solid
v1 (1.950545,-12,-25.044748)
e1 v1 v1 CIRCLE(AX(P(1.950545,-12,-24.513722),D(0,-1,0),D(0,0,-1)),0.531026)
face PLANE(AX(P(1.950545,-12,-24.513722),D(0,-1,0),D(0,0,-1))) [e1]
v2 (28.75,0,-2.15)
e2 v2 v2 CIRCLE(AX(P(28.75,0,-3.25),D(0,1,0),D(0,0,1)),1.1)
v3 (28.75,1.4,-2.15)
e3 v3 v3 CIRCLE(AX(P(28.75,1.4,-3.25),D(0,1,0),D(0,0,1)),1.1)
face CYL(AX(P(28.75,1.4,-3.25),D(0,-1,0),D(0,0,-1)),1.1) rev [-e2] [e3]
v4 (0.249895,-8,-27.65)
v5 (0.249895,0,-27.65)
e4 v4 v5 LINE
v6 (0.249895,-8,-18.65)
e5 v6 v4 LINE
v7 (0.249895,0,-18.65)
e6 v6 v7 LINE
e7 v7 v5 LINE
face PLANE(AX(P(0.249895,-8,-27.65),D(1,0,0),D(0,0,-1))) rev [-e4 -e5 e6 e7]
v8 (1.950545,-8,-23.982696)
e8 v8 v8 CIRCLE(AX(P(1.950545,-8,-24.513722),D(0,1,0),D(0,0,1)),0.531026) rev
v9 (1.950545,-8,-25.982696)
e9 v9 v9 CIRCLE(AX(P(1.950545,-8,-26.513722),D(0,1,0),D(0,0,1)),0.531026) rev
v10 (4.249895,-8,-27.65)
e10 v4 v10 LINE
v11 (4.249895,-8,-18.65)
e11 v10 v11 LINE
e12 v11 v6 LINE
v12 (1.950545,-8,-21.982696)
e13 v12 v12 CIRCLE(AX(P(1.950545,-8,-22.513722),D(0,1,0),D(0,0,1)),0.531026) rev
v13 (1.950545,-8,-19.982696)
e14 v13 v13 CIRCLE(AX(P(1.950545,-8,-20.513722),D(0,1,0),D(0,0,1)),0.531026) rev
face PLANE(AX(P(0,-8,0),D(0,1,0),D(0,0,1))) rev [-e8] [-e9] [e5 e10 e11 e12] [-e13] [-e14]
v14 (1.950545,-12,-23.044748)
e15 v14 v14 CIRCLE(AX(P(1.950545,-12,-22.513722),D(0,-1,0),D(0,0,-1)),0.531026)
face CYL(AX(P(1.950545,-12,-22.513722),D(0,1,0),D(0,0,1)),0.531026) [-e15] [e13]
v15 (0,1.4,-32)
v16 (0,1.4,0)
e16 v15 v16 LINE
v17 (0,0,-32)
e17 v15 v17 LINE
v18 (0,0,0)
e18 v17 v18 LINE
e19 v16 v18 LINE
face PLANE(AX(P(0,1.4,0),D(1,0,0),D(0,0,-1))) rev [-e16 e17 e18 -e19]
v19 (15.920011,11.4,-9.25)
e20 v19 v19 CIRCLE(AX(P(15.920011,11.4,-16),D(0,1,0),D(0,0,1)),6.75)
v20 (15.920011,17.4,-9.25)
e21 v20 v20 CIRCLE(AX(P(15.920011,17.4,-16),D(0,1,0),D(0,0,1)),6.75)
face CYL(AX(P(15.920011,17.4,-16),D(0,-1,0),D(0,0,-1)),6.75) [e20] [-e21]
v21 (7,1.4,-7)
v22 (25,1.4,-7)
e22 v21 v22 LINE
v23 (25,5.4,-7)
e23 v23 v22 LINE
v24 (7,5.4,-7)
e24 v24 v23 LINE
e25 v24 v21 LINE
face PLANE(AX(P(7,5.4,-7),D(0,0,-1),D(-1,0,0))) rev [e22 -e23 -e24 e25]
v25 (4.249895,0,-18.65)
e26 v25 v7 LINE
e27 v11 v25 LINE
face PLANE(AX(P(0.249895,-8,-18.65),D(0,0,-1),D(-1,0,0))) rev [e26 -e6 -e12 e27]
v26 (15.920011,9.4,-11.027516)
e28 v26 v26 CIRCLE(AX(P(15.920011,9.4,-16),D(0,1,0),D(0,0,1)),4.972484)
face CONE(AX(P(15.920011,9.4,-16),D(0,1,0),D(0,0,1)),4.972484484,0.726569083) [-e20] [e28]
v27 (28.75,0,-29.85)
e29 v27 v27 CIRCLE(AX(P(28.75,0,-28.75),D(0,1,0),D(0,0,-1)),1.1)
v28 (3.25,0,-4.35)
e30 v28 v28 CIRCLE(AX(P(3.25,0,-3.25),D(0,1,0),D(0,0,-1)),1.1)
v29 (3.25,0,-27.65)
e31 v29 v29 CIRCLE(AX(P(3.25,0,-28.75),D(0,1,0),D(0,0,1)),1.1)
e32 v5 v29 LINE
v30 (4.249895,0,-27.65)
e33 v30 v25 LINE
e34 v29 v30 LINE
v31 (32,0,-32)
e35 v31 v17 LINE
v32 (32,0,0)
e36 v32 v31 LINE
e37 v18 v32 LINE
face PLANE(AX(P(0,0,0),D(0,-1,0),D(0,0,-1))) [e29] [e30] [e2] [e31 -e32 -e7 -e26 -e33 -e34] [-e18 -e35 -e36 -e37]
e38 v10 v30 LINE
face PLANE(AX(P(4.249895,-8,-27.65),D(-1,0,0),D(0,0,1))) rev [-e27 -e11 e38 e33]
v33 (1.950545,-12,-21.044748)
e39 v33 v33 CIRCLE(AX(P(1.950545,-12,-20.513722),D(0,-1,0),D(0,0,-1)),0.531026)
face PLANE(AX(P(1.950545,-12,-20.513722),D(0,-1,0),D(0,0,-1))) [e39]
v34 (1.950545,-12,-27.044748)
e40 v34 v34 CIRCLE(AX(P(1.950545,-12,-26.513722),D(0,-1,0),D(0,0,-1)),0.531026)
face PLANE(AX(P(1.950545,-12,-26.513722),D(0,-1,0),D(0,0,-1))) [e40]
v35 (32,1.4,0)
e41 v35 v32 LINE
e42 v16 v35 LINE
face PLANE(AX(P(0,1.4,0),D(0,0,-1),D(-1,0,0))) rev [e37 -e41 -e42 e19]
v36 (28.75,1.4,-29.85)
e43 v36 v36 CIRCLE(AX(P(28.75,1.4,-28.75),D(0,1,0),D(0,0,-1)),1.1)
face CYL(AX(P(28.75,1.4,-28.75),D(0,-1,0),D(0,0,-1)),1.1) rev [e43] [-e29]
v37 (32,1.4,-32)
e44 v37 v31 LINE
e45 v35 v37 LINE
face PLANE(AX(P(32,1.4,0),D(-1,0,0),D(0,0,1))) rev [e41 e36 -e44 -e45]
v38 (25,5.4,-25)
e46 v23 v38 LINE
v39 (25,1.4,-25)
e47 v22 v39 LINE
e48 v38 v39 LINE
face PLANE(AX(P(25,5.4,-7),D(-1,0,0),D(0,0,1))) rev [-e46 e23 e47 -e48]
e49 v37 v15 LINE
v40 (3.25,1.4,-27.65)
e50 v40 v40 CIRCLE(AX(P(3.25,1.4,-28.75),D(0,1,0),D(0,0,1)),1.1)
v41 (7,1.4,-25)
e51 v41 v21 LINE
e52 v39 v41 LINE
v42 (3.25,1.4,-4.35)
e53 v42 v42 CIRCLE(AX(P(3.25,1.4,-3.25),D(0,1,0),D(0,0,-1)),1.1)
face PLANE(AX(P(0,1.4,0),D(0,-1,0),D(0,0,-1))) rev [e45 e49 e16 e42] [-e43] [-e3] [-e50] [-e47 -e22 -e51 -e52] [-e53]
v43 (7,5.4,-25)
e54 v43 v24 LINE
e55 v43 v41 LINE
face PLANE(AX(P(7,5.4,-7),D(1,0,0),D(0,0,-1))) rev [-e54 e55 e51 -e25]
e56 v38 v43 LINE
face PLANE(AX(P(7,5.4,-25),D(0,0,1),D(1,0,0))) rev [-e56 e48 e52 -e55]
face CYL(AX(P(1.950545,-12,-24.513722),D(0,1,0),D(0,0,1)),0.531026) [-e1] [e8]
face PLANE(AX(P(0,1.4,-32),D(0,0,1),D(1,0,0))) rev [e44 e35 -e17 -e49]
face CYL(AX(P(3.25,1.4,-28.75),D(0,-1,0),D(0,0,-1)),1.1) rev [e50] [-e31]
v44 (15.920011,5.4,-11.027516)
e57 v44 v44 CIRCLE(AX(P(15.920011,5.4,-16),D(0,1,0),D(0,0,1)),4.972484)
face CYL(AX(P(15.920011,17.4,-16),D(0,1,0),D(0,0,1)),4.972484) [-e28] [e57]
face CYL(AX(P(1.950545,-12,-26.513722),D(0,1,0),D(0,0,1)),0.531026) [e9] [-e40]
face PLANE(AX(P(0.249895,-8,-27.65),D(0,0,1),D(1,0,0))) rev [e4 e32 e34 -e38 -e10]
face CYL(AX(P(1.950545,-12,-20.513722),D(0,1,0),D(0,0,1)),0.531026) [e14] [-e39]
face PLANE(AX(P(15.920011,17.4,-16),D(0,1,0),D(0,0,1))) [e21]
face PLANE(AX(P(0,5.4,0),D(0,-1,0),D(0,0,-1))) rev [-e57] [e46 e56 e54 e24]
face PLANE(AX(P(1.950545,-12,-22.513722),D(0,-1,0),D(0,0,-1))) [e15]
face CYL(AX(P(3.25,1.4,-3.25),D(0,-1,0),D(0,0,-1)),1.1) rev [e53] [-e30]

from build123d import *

# Parameters (mm, degrees)
SKETCH_1_W      = 32
SKETCH_1_H      = 32
SKETCH_1_R      = 1.1
EXTRUDE_1_DEPTH = 1.4
SKETCH_2_W      = 18
SKETCH_2_H      = 18
EXTRUDE_2_DEPTH = 4
SKETCH_3_R      = 6.75
EXTRUDE_3_DEPTH = 12
SKETCH_5_W      = 4
SKETCH_5_H      = 9
EXTRUDE_4_DEPTH = 8
SKETCH_6_R      = 0.531026099
EXTRUDE_5_DEPTH = 4


with BuildPart() as part:
    # 草图1 → 凸台-拉伸1 (new body)
    with BuildSketch(Plane(origin=(0, 0, 0), x_dir=(1, 0, 0), z_dir=(0, 1, 0))):
        with Locations((16, 16)):
            Rectangle(SKETCH_1_W, SKETCH_1_H)
        with Locations(Location((3.25, 28.75, 0), (0, 0, 270))):
            Circle(SKETCH_1_R, mode=Mode.SUBTRACT)
        with Locations(Location((28.75, 28.75, 0), (0, 0, 90))):
            Circle(SKETCH_1_R, mode=Mode.SUBTRACT)
        with Locations(Location((28.75, 3.25, 0), (0, 0, 270))):
            Circle(SKETCH_1_R, mode=Mode.SUBTRACT)
        with Locations(Location((3.25, 3.25, 0), (0, 0, 90))):
            Circle(SKETCH_1_R, mode=Mode.SUBTRACT)
    extrude(amount=EXTRUDE_1_DEPTH)

    # 草图2 → 凸台-拉伸2 (add)
    with BuildSketch(Plane(origin=(0, 1.4, 0), x_dir=(1, 0, 0), z_dir=(0, 1, 0))):
        with Locations((16, 16)):
            Rectangle(SKETCH_2_W, SKETCH_2_H)
    extrude(amount=EXTRUDE_2_DEPTH)

    # 草图3 → 凸台-拉伸3 (add)
    with BuildSketch(Plane(origin=(0, 5.4, 0), x_dir=(1, 0, 0), z_dir=(0, 1, 0))):
        with Locations(Location((15.920011352, 16, 0), (0, 0, 270))):
            Circle(SKETCH_3_R)
    extrude(amount=EXTRUDE_3_DEPTH)

    # 草图4 → 切除-旋转1 (revolve, cut)
    with BuildSketch(Plane.XY.offset(-16), mode=Mode.PRIVATE) as cut_revolve_1_sk:
        Polygon((9.170011352, 11.4), (10.947526868, 9.4), (10.947526868, 5.4), (9.170011352, 5.4), align=None)
    revolve(cut_revolve_1_sk.sketch.rotate(Axis((15.920011352, 17.4, -16), (0, -1, 0)), 270), axis=Axis((15.920011352, 17.4, -16), (0, -1, 0)), mode=Mode.SUBTRACT)

    # 草图5 → 凸台-拉伸4 (add)
    with BuildSketch(Plane.XZ):
        with Locations((2.249894635, -23.15)):
            Rectangle(SKETCH_5_W, SKETCH_5_H)
    extrude(amount=EXTRUDE_4_DEPTH)

    # 草图6 → 凸台-拉伸5 (add)
    with BuildSketch(Plane.XZ.offset(8)):
        with Locations(Location((1.950545413, -20.513721841, 0), (0, 0, 90))):
            Circle(SKETCH_6_R)
        with Locations(Location((1.950545413, -22.513721841, 0), (0, 0, 90))):
            Circle(SKETCH_6_R)
        with Locations(Location((1.950545413, -24.513721841, 0), (0, 0, 90))):
            Circle(SKETCH_6_R)
        with Locations(Location((1.950545413, -26.513721841, 0), (0, 0, 90))):
            Circle(SKETCH_6_R)
    extrude(amount=EXTRUDE_5_DEPTH)


solid = part.part
